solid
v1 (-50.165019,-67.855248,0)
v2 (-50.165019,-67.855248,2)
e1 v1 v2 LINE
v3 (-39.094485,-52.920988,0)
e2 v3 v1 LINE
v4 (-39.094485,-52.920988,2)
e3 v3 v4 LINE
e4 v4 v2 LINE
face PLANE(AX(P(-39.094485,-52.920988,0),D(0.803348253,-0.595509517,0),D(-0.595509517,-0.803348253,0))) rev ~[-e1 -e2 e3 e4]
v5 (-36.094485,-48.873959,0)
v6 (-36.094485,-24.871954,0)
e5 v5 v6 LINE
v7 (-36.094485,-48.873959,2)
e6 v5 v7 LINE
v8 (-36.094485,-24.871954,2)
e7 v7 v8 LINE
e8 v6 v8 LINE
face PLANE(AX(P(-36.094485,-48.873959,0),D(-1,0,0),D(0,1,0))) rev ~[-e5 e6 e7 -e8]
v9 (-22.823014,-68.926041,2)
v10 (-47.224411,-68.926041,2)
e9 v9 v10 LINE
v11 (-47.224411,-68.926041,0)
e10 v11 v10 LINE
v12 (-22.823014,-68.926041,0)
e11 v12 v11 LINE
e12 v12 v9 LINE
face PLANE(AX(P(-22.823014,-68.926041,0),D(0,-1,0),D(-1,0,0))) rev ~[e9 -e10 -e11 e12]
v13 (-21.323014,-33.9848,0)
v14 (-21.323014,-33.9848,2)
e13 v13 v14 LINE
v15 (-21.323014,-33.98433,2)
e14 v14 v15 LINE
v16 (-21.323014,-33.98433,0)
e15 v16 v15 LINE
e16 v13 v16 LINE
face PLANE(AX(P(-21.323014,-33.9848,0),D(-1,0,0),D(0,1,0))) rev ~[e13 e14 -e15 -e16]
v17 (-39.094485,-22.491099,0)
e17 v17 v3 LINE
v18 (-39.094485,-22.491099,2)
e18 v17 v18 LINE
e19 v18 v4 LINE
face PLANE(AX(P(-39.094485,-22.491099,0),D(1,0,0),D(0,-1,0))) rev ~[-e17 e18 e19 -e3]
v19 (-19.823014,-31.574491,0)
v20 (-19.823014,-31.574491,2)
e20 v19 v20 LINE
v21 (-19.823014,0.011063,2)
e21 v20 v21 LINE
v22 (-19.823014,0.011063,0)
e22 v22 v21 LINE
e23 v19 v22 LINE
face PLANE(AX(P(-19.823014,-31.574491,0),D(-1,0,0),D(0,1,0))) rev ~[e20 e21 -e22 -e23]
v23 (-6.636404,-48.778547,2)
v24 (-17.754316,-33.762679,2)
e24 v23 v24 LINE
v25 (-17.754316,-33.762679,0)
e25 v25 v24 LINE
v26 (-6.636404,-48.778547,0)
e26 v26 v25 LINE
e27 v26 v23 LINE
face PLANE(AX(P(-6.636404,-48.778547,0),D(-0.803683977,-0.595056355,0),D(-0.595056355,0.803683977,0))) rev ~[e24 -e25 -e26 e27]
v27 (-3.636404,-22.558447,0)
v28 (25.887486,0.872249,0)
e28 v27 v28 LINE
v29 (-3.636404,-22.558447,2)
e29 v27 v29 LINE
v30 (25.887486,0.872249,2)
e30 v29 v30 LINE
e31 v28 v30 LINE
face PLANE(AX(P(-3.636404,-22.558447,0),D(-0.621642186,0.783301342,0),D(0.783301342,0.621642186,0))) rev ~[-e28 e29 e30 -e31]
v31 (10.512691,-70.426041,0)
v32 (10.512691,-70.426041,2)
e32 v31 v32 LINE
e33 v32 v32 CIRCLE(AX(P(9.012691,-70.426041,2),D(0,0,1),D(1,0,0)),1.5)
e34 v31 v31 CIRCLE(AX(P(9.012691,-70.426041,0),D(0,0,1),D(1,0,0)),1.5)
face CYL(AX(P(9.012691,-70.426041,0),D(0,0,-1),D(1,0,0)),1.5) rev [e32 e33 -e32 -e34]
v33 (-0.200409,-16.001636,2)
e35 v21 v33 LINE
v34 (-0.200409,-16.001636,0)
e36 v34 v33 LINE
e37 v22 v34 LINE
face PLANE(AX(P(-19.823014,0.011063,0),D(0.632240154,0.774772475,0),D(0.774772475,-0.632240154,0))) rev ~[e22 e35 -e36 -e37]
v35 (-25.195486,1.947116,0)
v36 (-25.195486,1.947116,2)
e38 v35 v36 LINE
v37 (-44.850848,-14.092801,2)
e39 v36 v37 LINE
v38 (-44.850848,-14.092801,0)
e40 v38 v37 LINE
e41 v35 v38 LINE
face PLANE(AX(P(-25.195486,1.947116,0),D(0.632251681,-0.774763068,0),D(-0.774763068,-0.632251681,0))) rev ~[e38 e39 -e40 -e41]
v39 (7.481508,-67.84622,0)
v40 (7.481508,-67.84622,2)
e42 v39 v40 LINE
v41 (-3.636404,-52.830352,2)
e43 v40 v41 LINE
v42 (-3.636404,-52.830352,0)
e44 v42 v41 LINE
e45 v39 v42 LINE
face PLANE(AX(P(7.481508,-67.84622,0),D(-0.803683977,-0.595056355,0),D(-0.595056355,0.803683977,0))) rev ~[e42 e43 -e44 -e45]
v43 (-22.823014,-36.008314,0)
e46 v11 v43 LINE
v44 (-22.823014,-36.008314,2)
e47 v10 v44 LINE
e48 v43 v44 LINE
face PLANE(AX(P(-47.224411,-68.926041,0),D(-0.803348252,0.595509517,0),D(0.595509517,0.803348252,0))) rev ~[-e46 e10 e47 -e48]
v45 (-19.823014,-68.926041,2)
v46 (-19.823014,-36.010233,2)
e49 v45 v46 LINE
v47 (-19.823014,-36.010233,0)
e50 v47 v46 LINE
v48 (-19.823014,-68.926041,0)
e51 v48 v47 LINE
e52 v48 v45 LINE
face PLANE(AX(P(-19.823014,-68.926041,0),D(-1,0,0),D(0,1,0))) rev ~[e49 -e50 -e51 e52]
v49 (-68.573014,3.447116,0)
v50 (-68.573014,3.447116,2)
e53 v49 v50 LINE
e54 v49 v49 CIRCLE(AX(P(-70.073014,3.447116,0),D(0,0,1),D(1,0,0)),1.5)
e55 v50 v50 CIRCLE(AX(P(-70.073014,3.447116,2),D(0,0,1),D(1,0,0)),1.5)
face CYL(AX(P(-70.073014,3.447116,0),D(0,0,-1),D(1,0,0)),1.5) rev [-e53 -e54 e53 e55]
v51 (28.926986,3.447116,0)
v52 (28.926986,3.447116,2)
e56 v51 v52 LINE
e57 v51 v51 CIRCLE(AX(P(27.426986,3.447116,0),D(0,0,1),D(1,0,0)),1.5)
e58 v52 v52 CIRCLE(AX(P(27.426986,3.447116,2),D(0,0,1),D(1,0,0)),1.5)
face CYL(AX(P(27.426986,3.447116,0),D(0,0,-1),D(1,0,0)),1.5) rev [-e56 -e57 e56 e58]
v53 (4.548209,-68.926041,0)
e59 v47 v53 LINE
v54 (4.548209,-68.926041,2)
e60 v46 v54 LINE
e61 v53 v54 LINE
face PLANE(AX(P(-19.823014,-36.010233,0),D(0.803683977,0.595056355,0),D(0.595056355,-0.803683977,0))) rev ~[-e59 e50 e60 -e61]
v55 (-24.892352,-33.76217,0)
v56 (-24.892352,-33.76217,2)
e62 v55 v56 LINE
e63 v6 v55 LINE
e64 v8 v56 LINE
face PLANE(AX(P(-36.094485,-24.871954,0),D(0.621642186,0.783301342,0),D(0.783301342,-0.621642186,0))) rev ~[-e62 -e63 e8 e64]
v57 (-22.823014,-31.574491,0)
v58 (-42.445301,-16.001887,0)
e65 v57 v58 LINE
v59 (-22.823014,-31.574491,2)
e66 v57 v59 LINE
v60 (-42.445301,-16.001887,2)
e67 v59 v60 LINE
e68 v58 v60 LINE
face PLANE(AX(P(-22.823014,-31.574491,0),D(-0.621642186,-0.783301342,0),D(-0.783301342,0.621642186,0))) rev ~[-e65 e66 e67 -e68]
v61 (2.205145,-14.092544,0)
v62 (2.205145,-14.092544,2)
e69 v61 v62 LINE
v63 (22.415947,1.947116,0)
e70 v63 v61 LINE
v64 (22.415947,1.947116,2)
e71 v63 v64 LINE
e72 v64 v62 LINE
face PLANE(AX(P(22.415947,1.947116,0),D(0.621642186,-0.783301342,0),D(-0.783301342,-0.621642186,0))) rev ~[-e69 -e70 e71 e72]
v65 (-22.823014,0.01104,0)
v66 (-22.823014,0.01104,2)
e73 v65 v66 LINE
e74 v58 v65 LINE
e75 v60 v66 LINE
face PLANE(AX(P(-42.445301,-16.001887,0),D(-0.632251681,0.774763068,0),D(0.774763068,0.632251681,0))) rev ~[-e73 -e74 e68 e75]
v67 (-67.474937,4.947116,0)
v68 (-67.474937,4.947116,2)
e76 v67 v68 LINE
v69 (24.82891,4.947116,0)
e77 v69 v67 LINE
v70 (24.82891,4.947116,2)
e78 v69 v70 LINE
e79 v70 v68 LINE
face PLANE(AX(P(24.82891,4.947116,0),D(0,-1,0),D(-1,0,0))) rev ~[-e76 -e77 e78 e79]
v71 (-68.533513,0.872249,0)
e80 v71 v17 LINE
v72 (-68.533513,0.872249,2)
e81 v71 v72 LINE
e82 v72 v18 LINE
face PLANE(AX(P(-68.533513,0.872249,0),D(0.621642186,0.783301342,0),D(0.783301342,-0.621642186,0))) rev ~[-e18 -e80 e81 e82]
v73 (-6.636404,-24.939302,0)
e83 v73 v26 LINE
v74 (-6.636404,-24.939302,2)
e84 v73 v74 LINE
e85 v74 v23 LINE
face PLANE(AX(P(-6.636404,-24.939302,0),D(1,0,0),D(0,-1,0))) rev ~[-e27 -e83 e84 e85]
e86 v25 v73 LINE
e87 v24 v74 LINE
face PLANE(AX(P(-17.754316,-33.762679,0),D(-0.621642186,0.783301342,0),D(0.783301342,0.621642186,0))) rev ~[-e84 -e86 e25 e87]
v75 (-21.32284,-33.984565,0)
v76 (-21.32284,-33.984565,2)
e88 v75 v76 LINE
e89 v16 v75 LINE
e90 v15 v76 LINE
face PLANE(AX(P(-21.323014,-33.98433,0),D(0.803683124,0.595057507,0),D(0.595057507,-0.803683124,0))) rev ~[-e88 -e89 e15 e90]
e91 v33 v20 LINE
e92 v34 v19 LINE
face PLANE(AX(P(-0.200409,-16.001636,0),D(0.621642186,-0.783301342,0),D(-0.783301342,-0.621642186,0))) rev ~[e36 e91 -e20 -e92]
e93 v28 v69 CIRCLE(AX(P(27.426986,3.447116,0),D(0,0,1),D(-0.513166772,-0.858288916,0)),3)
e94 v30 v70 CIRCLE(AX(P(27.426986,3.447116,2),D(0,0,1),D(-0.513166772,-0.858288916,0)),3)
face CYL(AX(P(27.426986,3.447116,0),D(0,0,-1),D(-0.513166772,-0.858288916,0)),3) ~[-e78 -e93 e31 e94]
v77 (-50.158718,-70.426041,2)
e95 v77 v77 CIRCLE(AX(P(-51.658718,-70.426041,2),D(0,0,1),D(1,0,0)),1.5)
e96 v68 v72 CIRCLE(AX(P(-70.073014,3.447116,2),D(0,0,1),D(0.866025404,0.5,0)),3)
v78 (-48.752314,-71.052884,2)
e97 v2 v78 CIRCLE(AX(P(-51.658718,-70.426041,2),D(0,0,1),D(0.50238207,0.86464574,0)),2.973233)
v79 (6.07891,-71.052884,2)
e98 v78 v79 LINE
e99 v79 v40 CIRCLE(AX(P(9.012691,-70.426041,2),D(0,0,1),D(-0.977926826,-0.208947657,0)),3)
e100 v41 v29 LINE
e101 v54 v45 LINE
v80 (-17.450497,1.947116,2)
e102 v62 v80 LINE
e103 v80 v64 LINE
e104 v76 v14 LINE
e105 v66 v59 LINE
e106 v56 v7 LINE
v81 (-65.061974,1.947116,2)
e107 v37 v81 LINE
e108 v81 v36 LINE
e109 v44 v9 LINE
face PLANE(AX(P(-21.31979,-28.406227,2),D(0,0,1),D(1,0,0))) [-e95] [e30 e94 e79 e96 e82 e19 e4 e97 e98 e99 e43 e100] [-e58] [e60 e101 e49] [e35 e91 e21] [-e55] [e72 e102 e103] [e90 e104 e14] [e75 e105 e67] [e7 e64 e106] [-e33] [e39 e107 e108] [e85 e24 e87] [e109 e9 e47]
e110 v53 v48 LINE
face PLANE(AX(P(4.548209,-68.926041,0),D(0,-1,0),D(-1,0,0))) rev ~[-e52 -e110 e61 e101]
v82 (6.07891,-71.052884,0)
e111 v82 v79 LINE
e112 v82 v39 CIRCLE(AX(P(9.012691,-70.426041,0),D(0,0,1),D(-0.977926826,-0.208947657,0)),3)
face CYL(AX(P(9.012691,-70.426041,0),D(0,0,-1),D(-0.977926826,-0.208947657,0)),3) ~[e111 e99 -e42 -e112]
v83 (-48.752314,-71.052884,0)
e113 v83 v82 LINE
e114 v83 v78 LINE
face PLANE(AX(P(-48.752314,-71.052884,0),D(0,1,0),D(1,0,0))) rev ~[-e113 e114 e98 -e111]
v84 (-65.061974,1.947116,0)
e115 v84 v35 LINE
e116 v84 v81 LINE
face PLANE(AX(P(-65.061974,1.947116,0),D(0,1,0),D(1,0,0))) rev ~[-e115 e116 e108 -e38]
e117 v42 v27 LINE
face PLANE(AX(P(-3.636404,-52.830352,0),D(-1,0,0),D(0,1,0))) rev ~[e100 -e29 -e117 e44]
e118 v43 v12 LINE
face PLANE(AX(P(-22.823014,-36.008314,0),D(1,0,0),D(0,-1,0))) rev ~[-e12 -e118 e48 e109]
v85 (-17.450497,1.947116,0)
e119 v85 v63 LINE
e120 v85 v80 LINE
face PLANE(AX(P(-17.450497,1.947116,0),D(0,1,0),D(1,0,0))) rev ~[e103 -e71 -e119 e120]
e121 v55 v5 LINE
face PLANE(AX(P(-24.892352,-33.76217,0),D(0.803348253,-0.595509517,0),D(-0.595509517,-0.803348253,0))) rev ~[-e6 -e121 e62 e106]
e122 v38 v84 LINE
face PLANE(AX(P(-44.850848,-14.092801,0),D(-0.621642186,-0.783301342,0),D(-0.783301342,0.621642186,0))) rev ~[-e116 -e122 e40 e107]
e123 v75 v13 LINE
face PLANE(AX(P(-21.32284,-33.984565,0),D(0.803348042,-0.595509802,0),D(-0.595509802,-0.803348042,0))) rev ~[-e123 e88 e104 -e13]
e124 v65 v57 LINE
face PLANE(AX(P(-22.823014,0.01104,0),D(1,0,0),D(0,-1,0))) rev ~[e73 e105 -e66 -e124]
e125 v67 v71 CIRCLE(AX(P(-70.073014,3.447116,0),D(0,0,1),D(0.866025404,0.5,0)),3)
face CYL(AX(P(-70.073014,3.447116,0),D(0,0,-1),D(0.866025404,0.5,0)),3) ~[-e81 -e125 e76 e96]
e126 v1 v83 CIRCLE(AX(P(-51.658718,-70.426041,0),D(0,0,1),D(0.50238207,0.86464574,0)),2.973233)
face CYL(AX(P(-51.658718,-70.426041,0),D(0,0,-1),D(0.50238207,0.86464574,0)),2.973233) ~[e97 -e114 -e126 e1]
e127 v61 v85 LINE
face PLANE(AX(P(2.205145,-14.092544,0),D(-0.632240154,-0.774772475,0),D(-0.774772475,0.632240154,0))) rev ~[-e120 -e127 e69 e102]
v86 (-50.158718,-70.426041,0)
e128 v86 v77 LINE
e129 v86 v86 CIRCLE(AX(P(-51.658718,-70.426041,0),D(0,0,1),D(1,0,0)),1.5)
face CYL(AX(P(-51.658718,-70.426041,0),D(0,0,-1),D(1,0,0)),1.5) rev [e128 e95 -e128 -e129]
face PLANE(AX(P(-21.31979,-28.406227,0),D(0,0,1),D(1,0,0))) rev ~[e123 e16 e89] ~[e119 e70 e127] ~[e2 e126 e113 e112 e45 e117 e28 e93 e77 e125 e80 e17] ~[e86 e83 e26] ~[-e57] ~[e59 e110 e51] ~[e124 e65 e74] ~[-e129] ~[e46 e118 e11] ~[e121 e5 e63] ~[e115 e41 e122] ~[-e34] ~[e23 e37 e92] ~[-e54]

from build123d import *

# Parameters (mm, degrees)
ESBO_O1_R                = 1.5
RESSALTO_EXTRUS_O1_DEPTH = 2


with BuildPart() as part:
    # Esboço1 → Ressalto-extrusão1 (new body)
    with BuildSketch(Plane.XY):
        with BuildLine():
            Line((24.828910237, 4.947115543), (-67.47493734, 4.947115543))
            ThreePointArc((-67.47493734, 4.947115543), (-72.976635365, 4.201423413), (-68.533513234, 0.872248794))
            Line((-68.533513234, 0.872248794), (-39.094485287, -22.491099002))
            Line((-39.094485287, -22.491099002), (-39.094485287, -52.920988494))
            Line((-39.094485287, -52.920988494), (-50.165018851, -67.855248208))
            ThreePointArc((-50.165018851, -67.855248208), (-54.378358474, -71.627569421), (-48.752314099, -71.052884457))
            Line((-48.752314099, -71.052884457), (6.078910237, -71.052884457))
            ThreePointArc((6.078910237, -71.052884457), (11.761262781, -71.628269251), (7.481508074, -67.846219841))
            Line((7.481508074, -67.846219841), (-3.636404062, -52.83035158))
            Line((-3.636404062, -52.83035158), (-3.636404062, -22.558447224))
            Line((-3.636404062, -22.558447224), (25.887486132, 0.872248794))
            ThreePointArc((25.887486132, 0.872248794), (30.330608262, 4.201423413), (24.828910237, 4.947115543))
        make_face()
        with Locations((-51.658717817, -70.426041486)):
            Circle(ESBO_O1_R, mode=Mode.SUBTRACT)
        Polygon((-22.823013551, -36.008314403), (-22.823013551, -68.926041486), (-47.22441071, -68.926041486), align=None, mode=Mode.SUBTRACT)
        Polygon((-36.094485287, -24.871953544), (-24.892352245, -33.762169987), (-36.094485287, -48.873958703), align=None, mode=Mode.SUBTRACT)
        with Locations((9.012690715, -70.426041486)):
            Circle(ESBO_O1_R, mode=Mode.SUBTRACT)
        Polygon((-19.823013551, -36.010232621), (4.548209245, -68.926041486), (-19.823013551, -68.926041486), align=None, mode=Mode.SUBTRACT)
        Polygon((-21.323013551, -33.984330445), (-21.322839799, -33.984565114), (-21.323013551, -33.984799507), align=None, mode=Mode.SUBTRACT)
        Polygon((-6.636404062, -24.939301765), (-6.636404062, -48.778547228), (-17.754316199, -33.762678967), align=None, mode=Mode.SUBTRACT)
        Polygon((-42.445301093, -16.001887011), (-22.823013551, 0.011039778), (-22.823013551, -31.574491147), align=None, mode=Mode.SUBTRACT)
        with Locations((-70.073013551, 3.447115543)):
            Circle(ESBO_O1_R, mode=Mode.SUBTRACT)
        Polygon((-65.061973687, 1.947115543), (-25.195486483, 1.947115543), (-44.850847826, -14.092801389), align=None, mode=Mode.SUBTRACT)
        Polygon((-19.823013551, -31.574491147), (-19.823013551, 0.011063284), (-0.200409257, -16.00163563), align=None, mode=Mode.SUBTRACT)
        Polygon((2.205145312, -14.09254379), (-17.450497364, 1.947115543), (22.415946584, 1.947115543), align=None, mode=Mode.SUBTRACT)
        with Locations((27.426986449, 3.447115543)):
            Circle(ESBO_O1_R, mode=Mode.SUBTRACT)
    extrude(amount=RESSALTO_EXTRUS_O1_DEPTH)


solid = part.part
